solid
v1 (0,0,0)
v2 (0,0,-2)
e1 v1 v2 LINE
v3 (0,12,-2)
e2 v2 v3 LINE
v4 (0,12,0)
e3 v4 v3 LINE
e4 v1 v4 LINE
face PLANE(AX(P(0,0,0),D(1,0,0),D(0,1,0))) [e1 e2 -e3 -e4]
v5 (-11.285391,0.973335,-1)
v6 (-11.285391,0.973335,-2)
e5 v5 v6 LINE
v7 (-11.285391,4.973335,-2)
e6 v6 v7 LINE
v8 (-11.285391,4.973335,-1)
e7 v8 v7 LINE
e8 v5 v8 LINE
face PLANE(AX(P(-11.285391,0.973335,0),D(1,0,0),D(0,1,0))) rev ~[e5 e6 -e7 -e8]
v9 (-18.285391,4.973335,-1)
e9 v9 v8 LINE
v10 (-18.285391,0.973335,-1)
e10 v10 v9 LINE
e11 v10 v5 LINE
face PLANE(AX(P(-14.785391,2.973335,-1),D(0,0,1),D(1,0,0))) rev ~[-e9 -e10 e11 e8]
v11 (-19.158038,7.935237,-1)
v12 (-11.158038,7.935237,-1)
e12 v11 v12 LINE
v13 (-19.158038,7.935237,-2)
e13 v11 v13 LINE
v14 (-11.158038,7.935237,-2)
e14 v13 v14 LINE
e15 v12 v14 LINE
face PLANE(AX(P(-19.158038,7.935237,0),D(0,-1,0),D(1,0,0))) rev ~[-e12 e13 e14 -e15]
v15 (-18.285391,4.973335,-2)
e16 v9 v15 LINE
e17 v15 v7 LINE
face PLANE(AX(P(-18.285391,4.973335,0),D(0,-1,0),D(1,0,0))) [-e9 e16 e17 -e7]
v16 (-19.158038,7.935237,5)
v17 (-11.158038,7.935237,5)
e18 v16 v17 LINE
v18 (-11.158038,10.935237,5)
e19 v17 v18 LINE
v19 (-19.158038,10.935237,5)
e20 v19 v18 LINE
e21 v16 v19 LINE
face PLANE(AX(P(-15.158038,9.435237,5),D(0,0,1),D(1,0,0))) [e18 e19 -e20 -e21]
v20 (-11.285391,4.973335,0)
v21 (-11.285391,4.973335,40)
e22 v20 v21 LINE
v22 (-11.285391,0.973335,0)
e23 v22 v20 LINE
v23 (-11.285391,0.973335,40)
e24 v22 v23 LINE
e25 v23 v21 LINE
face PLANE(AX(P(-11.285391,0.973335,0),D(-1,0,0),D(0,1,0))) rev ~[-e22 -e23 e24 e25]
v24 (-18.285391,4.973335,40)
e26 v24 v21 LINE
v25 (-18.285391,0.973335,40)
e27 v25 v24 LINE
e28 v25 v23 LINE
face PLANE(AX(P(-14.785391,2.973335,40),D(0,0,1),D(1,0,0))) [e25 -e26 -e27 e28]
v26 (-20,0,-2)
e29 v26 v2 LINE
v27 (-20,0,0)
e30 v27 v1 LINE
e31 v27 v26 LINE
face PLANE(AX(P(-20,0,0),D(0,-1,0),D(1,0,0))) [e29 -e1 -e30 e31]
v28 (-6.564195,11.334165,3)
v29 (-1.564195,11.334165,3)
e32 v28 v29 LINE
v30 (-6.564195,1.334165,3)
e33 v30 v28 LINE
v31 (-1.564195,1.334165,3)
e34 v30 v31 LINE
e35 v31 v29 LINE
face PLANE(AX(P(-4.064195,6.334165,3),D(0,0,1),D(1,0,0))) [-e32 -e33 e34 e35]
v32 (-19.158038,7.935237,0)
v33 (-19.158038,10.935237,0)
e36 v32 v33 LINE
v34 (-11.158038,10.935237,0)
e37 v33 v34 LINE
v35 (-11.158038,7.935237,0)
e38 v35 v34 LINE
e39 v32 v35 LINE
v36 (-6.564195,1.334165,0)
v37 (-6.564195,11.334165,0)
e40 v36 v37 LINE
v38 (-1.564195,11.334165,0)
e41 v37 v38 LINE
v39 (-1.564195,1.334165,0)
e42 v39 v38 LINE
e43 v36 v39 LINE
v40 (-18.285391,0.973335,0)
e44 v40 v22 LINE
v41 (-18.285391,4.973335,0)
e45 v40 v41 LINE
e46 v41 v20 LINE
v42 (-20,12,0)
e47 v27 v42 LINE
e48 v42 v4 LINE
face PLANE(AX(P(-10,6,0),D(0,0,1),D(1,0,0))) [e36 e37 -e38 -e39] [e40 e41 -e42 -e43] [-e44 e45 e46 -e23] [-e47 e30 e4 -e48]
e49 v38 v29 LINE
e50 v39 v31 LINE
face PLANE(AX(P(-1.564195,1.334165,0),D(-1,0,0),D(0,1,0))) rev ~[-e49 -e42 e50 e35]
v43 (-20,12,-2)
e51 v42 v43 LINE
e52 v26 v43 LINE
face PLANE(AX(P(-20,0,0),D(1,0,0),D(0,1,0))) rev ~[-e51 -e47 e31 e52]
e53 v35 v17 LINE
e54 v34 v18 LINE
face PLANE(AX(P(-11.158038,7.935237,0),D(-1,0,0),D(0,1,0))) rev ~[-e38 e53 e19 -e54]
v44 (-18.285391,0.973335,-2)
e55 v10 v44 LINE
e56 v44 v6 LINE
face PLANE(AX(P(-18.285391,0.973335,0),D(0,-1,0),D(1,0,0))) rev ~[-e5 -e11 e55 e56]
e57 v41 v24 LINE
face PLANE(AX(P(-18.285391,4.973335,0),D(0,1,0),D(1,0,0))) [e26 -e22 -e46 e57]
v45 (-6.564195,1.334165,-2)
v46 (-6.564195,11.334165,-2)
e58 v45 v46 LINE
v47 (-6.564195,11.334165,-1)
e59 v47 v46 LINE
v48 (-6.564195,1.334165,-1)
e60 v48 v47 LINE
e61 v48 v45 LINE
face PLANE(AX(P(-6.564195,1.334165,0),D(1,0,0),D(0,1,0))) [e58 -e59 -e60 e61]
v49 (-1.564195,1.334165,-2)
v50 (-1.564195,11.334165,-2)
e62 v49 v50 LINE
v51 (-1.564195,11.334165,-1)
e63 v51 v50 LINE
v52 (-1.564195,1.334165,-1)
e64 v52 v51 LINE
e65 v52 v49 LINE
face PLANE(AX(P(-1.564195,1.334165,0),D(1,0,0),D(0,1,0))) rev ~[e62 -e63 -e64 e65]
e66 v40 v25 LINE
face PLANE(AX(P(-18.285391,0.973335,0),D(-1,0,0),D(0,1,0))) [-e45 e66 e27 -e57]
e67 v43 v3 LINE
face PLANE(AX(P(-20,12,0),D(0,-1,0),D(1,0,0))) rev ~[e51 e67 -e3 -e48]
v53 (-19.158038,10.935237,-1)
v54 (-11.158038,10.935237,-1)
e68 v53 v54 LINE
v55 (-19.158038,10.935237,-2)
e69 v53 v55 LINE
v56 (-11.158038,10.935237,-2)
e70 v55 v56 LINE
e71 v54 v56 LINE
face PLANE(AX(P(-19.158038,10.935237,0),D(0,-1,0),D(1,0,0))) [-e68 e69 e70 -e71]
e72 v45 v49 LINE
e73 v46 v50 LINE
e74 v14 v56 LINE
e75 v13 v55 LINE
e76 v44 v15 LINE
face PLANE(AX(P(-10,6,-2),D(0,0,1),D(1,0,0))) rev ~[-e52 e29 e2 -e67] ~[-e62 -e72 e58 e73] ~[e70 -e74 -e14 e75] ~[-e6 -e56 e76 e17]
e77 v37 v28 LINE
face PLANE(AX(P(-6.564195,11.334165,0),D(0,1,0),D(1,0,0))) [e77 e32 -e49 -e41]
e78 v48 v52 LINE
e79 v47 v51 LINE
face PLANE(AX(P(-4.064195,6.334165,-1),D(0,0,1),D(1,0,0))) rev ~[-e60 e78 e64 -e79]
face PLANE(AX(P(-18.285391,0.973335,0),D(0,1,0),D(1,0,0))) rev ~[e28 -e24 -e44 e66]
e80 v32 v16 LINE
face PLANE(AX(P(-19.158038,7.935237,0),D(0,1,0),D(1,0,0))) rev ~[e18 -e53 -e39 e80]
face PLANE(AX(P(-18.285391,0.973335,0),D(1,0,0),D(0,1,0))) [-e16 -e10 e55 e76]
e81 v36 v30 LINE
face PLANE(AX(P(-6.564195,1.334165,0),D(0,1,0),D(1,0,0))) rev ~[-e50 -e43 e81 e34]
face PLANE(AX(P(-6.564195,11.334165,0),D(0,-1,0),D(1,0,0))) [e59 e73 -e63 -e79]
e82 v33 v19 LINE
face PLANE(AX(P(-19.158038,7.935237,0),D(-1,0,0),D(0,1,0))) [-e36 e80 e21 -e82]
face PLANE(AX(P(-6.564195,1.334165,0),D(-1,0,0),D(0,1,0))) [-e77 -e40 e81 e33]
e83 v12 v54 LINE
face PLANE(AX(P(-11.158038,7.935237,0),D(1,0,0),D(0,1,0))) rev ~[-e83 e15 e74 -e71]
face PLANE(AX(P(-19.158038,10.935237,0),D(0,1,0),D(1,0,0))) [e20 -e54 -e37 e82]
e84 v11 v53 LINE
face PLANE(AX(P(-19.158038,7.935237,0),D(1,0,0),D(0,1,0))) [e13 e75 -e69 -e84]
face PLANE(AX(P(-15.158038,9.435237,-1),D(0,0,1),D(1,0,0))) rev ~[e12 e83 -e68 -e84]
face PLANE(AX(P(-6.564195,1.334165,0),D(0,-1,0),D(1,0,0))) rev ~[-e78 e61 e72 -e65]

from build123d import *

# Parameters (mm, degrees)
F0_W     = 8
F0_H     = 3
F1_DEPTH = 5
F0_W_2   = 7
F0_H_2   = 4
F2_DEPTH = 40
F0_W_3   = 5
F0_H_3   = 10
F3_DEPTH = 3
F0_W_4   = 20
F0_H_4   = 12
F4_DEPTH = 2
F5_DEPTH = 1


with BuildPart() as f1:
    # F0 (on Top) → F1 (new body)
    with BuildSketch(Plane.XY):
        with Locations((-15.1580379307, 9.4352371395)):
            Rectangle(F0_W, F0_H)
    extrude(amount=F1_DEPTH)



with BuildPart() as f2:
    # F0 (on Top) → F2 (new body)
    with BuildSketch(Plane.XY):
        with Locations((-14.7853907049, 2.9733350016)):
            Rectangle(F0_W_2, F0_H_2)
    extrude(amount=F2_DEPTH)


with BuildPart() as f3:
    # F0 (on Top) → F3 (new body)
    with BuildSketch(Plane.XY):
        with Locations((-4.0641951468, 6.3341652229)):
            Rectangle(F0_W_3, F0_H_3)
    extrude(amount=F3_DEPTH)


with BuildPart() as f1_1:
    add(f1.part)

    add(f2.part)  # F4 merges F2

    add(f3.part)  # F4 merges F3
    # F0 (on Top) → F4 (join)
    with BuildSketch(Plane.XY):
        with Locations((-10, 6)):
            Rectangle(F0_W_4, F0_H_4)
        with Locations((-14.7853907049, 2.9733350016)):
            Rectangle(F0_W_2, F0_H_2, mode=Mode.SUBTRACT)
        with Locations((-15.1580379307, 9.4352371395)):
            Rectangle(F0_W, F0_H, mode=Mode.SUBTRACT)
        with Locations((-4.0641951468, 6.3341652229)):
            Rectangle(F0_W_3, F0_H_3, mode=Mode.SUBTRACT)
    extrude(amount=-F4_DEPTH)

    # F0 (on Top) → F5 (join)
    with BuildSketch(Plane.XY):
        with Locations((-14.7853907049, 2.9733350016)):
            Rectangle(F0_W_2, F0_H_2)
        with Locations((-15.1580379307, 9.4352371395)):
            Rectangle(F0_W, F0_H)
        with Locations((-4.0641951468, 6.3341652229)):
            Rectangle(F0_W_3, F0_H_3)
    extrude(amount=-F5_DEPTH)


solid = f1_1.part
